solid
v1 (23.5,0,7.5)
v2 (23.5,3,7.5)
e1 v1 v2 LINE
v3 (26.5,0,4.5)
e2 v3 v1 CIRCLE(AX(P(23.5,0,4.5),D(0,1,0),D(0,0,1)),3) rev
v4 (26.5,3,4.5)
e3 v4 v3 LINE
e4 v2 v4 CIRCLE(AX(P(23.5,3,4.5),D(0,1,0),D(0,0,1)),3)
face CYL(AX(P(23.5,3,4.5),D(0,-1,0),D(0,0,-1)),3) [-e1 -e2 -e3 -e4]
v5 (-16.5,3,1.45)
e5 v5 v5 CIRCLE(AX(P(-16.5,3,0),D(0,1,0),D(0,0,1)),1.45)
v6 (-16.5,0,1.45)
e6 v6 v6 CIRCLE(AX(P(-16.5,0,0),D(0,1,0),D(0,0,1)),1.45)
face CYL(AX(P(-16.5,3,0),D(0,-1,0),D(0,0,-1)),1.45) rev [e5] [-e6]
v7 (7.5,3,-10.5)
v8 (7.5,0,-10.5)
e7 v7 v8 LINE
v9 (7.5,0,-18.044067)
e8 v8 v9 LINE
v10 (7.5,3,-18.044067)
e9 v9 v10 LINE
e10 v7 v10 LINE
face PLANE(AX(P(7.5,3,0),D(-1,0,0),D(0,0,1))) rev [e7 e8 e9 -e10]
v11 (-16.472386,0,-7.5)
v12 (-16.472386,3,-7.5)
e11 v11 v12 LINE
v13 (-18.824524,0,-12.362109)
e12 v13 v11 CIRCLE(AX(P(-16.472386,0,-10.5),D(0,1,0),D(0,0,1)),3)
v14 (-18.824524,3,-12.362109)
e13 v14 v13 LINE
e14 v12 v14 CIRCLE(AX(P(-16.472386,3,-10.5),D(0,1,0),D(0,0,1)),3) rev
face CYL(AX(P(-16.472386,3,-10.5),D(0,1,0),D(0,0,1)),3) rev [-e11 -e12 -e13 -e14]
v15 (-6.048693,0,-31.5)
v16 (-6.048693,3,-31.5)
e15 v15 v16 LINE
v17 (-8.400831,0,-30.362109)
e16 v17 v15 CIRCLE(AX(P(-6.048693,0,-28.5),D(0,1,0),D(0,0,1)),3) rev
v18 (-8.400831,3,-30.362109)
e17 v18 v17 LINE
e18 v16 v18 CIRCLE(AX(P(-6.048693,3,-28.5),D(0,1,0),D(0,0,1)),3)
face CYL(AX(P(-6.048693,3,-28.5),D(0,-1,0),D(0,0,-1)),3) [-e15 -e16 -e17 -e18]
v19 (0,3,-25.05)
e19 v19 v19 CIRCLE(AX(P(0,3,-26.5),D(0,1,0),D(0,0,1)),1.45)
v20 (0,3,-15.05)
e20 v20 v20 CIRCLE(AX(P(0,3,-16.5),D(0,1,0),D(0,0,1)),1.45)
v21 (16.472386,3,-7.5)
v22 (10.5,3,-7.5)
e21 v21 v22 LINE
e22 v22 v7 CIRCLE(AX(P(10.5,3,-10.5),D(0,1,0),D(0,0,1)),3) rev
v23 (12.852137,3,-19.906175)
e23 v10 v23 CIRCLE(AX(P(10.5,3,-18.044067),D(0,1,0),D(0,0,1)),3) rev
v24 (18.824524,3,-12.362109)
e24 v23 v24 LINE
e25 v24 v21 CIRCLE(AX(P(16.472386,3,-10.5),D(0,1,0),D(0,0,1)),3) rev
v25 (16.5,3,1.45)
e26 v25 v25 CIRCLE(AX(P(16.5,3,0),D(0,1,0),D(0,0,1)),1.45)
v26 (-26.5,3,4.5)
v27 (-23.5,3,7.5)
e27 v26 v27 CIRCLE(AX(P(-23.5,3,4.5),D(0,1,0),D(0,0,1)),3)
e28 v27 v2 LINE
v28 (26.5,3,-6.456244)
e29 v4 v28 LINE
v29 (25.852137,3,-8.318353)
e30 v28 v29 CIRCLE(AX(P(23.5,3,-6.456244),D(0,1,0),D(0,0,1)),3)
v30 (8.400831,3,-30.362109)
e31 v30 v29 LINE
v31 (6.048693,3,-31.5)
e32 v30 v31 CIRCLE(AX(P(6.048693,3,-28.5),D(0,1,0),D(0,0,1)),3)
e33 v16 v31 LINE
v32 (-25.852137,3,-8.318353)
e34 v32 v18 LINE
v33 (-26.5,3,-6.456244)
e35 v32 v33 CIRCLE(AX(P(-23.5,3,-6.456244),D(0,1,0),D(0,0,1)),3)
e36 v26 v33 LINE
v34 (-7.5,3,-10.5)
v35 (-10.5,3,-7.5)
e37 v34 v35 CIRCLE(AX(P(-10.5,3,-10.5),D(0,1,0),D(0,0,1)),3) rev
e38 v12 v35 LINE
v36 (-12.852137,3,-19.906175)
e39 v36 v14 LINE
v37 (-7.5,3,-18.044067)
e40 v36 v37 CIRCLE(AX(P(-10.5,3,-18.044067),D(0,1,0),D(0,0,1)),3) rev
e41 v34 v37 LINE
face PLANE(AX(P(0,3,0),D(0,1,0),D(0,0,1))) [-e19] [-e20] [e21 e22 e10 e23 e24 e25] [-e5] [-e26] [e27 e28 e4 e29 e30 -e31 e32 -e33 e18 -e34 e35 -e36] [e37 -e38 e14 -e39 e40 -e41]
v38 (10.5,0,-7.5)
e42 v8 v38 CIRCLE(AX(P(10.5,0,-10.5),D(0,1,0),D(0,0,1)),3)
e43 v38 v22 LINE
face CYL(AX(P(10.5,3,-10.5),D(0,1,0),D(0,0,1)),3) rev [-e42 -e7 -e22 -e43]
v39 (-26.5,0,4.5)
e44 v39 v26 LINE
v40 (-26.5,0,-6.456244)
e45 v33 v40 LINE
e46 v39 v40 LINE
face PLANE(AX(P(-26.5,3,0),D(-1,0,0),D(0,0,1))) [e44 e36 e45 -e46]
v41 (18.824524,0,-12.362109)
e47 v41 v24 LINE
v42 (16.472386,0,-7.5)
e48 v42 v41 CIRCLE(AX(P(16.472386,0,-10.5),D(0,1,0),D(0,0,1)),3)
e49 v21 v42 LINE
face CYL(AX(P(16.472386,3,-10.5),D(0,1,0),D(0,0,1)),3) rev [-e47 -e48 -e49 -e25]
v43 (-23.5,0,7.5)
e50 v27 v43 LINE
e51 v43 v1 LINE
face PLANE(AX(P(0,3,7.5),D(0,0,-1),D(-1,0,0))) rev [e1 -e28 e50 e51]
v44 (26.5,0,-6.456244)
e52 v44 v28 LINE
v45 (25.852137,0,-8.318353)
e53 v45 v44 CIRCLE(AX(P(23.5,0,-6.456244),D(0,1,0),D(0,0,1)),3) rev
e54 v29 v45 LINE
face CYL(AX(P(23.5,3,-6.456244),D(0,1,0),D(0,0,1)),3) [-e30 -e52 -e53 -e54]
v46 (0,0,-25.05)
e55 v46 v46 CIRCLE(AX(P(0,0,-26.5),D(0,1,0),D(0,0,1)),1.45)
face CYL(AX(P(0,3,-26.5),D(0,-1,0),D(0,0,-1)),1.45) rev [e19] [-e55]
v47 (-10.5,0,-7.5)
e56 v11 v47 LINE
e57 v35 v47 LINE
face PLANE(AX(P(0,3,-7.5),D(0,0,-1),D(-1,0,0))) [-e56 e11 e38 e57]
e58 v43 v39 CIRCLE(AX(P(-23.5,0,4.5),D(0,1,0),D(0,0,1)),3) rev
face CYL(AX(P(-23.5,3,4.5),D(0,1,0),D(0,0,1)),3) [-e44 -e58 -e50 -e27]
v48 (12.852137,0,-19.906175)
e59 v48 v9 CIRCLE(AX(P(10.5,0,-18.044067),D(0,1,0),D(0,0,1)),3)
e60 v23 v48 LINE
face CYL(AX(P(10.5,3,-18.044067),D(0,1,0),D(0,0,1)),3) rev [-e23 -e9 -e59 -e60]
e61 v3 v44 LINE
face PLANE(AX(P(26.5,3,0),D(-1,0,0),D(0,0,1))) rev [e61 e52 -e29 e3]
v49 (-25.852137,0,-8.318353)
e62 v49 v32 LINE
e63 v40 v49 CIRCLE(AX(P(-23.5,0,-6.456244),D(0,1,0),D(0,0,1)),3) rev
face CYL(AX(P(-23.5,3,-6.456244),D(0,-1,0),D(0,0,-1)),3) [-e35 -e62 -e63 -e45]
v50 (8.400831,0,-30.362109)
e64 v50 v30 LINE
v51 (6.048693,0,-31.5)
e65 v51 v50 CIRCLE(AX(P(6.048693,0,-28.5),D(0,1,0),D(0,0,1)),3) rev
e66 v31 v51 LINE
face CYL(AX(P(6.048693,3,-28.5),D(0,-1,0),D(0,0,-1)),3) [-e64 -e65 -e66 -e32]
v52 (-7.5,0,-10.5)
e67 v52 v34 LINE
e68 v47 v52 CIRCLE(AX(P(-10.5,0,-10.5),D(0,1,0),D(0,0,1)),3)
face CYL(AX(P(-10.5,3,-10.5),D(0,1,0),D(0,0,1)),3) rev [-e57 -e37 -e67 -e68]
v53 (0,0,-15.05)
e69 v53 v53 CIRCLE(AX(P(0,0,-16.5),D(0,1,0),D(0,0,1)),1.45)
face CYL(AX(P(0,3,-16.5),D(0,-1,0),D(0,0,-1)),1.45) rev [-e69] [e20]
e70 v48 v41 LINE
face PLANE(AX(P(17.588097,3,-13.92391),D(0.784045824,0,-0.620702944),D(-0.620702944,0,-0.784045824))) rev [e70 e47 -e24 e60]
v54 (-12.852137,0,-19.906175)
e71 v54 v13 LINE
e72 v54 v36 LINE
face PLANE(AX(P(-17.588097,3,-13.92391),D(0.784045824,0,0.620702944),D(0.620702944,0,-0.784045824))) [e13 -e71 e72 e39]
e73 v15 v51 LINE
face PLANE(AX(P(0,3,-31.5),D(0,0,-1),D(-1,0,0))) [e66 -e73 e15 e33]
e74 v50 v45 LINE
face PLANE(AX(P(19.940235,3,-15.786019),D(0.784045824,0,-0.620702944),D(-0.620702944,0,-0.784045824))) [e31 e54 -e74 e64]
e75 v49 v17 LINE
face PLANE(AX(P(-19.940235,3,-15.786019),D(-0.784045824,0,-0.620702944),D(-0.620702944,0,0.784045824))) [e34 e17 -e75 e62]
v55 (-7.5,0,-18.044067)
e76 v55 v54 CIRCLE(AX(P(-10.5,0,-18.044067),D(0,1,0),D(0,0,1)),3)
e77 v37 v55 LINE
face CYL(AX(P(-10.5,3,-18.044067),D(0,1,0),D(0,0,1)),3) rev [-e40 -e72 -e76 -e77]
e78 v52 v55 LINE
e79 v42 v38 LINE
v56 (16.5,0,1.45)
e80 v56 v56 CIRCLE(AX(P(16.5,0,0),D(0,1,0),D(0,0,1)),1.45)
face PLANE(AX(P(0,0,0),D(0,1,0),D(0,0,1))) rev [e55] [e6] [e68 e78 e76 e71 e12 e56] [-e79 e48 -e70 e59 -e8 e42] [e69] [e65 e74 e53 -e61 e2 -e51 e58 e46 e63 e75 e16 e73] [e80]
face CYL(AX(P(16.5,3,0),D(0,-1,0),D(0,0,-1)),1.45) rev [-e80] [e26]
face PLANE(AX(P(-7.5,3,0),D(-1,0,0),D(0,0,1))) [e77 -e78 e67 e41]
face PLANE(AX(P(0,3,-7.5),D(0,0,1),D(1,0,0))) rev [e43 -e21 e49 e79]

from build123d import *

# Parameters (mm, degrees)
SKETCH_1_R      = 1.45
EXTRUDE_1_DEPTH = 3
FILLET_2_R      = 3


with BuildPart() as part:
    # 草图1 → 凸台-拉伸1 (new body)
    with BuildSketch(Plane(origin=(0, 0, 0), x_dir=(1, 0, 0), z_dir=(0, 1, 0))):
        Polygon((7.5, 31.5), (26.5, 7.5), (26.5, -7.5), (-26.5, -7.5), (-26.5, 7.5), (-7.5, 31.5), align=None)
        with Locations(Location((0, 26.5, 0), (0, 0, 270))):
            Circle(SKETCH_1_R, mode=Mode.SUBTRACT)
        with Locations(Location((0, 16.5, 0), (0, 0, 270))):
            Circle(SKETCH_1_R, mode=Mode.SUBTRACT)
        with Locations(Location((16.5, 0, 0), (0, 0, 270))):
            Circle(SKETCH_1_R, mode=Mode.SUBTRACT)
        with Locations(Location((-16.5, 0, 0), (0, 0, 270))):
            Circle(SKETCH_1_R, mode=Mode.SUBTRACT)
        Polygon((-7.5, 7.5), (-7.5, 26.666770148), (-22.673693034, 7.5), align=None, mode=Mode.SUBTRACT)
        Polygon((22.673693034, 7.5), (7.5, 7.5), (7.5, 26.666770148), align=None, mode=Mode.SUBTRACT)
    extrude(amount=EXTRUDE_1_DEPTH)

    # 圆角2
    fillet_2_edges = [part.edges().sort_by_distance(p)[0] for p in [
        (22.673693034, 1.5, -7.5),
        (7.5, 1.5, -26.666770148),
        (7.5, 1.5, -7.5),
        (26.5, 1.5, -7.5),
        (26.5, 1.5, 7.5),
        (-26.5, 1.5, 7.5),
        (-26.5, 1.5, -7.5),
        (-7.5, 1.5, -31.5),
        (7.5, 1.5, -31.5),
        (-7.5, 1.5, -26.666770148),
        (-22.673693034, 1.5, -7.5),
        (-7.5, 1.5, -7.5),
    ]]
    fillet(fillet_2_edges, radius=FILLET_2_R)


solid = part.part
